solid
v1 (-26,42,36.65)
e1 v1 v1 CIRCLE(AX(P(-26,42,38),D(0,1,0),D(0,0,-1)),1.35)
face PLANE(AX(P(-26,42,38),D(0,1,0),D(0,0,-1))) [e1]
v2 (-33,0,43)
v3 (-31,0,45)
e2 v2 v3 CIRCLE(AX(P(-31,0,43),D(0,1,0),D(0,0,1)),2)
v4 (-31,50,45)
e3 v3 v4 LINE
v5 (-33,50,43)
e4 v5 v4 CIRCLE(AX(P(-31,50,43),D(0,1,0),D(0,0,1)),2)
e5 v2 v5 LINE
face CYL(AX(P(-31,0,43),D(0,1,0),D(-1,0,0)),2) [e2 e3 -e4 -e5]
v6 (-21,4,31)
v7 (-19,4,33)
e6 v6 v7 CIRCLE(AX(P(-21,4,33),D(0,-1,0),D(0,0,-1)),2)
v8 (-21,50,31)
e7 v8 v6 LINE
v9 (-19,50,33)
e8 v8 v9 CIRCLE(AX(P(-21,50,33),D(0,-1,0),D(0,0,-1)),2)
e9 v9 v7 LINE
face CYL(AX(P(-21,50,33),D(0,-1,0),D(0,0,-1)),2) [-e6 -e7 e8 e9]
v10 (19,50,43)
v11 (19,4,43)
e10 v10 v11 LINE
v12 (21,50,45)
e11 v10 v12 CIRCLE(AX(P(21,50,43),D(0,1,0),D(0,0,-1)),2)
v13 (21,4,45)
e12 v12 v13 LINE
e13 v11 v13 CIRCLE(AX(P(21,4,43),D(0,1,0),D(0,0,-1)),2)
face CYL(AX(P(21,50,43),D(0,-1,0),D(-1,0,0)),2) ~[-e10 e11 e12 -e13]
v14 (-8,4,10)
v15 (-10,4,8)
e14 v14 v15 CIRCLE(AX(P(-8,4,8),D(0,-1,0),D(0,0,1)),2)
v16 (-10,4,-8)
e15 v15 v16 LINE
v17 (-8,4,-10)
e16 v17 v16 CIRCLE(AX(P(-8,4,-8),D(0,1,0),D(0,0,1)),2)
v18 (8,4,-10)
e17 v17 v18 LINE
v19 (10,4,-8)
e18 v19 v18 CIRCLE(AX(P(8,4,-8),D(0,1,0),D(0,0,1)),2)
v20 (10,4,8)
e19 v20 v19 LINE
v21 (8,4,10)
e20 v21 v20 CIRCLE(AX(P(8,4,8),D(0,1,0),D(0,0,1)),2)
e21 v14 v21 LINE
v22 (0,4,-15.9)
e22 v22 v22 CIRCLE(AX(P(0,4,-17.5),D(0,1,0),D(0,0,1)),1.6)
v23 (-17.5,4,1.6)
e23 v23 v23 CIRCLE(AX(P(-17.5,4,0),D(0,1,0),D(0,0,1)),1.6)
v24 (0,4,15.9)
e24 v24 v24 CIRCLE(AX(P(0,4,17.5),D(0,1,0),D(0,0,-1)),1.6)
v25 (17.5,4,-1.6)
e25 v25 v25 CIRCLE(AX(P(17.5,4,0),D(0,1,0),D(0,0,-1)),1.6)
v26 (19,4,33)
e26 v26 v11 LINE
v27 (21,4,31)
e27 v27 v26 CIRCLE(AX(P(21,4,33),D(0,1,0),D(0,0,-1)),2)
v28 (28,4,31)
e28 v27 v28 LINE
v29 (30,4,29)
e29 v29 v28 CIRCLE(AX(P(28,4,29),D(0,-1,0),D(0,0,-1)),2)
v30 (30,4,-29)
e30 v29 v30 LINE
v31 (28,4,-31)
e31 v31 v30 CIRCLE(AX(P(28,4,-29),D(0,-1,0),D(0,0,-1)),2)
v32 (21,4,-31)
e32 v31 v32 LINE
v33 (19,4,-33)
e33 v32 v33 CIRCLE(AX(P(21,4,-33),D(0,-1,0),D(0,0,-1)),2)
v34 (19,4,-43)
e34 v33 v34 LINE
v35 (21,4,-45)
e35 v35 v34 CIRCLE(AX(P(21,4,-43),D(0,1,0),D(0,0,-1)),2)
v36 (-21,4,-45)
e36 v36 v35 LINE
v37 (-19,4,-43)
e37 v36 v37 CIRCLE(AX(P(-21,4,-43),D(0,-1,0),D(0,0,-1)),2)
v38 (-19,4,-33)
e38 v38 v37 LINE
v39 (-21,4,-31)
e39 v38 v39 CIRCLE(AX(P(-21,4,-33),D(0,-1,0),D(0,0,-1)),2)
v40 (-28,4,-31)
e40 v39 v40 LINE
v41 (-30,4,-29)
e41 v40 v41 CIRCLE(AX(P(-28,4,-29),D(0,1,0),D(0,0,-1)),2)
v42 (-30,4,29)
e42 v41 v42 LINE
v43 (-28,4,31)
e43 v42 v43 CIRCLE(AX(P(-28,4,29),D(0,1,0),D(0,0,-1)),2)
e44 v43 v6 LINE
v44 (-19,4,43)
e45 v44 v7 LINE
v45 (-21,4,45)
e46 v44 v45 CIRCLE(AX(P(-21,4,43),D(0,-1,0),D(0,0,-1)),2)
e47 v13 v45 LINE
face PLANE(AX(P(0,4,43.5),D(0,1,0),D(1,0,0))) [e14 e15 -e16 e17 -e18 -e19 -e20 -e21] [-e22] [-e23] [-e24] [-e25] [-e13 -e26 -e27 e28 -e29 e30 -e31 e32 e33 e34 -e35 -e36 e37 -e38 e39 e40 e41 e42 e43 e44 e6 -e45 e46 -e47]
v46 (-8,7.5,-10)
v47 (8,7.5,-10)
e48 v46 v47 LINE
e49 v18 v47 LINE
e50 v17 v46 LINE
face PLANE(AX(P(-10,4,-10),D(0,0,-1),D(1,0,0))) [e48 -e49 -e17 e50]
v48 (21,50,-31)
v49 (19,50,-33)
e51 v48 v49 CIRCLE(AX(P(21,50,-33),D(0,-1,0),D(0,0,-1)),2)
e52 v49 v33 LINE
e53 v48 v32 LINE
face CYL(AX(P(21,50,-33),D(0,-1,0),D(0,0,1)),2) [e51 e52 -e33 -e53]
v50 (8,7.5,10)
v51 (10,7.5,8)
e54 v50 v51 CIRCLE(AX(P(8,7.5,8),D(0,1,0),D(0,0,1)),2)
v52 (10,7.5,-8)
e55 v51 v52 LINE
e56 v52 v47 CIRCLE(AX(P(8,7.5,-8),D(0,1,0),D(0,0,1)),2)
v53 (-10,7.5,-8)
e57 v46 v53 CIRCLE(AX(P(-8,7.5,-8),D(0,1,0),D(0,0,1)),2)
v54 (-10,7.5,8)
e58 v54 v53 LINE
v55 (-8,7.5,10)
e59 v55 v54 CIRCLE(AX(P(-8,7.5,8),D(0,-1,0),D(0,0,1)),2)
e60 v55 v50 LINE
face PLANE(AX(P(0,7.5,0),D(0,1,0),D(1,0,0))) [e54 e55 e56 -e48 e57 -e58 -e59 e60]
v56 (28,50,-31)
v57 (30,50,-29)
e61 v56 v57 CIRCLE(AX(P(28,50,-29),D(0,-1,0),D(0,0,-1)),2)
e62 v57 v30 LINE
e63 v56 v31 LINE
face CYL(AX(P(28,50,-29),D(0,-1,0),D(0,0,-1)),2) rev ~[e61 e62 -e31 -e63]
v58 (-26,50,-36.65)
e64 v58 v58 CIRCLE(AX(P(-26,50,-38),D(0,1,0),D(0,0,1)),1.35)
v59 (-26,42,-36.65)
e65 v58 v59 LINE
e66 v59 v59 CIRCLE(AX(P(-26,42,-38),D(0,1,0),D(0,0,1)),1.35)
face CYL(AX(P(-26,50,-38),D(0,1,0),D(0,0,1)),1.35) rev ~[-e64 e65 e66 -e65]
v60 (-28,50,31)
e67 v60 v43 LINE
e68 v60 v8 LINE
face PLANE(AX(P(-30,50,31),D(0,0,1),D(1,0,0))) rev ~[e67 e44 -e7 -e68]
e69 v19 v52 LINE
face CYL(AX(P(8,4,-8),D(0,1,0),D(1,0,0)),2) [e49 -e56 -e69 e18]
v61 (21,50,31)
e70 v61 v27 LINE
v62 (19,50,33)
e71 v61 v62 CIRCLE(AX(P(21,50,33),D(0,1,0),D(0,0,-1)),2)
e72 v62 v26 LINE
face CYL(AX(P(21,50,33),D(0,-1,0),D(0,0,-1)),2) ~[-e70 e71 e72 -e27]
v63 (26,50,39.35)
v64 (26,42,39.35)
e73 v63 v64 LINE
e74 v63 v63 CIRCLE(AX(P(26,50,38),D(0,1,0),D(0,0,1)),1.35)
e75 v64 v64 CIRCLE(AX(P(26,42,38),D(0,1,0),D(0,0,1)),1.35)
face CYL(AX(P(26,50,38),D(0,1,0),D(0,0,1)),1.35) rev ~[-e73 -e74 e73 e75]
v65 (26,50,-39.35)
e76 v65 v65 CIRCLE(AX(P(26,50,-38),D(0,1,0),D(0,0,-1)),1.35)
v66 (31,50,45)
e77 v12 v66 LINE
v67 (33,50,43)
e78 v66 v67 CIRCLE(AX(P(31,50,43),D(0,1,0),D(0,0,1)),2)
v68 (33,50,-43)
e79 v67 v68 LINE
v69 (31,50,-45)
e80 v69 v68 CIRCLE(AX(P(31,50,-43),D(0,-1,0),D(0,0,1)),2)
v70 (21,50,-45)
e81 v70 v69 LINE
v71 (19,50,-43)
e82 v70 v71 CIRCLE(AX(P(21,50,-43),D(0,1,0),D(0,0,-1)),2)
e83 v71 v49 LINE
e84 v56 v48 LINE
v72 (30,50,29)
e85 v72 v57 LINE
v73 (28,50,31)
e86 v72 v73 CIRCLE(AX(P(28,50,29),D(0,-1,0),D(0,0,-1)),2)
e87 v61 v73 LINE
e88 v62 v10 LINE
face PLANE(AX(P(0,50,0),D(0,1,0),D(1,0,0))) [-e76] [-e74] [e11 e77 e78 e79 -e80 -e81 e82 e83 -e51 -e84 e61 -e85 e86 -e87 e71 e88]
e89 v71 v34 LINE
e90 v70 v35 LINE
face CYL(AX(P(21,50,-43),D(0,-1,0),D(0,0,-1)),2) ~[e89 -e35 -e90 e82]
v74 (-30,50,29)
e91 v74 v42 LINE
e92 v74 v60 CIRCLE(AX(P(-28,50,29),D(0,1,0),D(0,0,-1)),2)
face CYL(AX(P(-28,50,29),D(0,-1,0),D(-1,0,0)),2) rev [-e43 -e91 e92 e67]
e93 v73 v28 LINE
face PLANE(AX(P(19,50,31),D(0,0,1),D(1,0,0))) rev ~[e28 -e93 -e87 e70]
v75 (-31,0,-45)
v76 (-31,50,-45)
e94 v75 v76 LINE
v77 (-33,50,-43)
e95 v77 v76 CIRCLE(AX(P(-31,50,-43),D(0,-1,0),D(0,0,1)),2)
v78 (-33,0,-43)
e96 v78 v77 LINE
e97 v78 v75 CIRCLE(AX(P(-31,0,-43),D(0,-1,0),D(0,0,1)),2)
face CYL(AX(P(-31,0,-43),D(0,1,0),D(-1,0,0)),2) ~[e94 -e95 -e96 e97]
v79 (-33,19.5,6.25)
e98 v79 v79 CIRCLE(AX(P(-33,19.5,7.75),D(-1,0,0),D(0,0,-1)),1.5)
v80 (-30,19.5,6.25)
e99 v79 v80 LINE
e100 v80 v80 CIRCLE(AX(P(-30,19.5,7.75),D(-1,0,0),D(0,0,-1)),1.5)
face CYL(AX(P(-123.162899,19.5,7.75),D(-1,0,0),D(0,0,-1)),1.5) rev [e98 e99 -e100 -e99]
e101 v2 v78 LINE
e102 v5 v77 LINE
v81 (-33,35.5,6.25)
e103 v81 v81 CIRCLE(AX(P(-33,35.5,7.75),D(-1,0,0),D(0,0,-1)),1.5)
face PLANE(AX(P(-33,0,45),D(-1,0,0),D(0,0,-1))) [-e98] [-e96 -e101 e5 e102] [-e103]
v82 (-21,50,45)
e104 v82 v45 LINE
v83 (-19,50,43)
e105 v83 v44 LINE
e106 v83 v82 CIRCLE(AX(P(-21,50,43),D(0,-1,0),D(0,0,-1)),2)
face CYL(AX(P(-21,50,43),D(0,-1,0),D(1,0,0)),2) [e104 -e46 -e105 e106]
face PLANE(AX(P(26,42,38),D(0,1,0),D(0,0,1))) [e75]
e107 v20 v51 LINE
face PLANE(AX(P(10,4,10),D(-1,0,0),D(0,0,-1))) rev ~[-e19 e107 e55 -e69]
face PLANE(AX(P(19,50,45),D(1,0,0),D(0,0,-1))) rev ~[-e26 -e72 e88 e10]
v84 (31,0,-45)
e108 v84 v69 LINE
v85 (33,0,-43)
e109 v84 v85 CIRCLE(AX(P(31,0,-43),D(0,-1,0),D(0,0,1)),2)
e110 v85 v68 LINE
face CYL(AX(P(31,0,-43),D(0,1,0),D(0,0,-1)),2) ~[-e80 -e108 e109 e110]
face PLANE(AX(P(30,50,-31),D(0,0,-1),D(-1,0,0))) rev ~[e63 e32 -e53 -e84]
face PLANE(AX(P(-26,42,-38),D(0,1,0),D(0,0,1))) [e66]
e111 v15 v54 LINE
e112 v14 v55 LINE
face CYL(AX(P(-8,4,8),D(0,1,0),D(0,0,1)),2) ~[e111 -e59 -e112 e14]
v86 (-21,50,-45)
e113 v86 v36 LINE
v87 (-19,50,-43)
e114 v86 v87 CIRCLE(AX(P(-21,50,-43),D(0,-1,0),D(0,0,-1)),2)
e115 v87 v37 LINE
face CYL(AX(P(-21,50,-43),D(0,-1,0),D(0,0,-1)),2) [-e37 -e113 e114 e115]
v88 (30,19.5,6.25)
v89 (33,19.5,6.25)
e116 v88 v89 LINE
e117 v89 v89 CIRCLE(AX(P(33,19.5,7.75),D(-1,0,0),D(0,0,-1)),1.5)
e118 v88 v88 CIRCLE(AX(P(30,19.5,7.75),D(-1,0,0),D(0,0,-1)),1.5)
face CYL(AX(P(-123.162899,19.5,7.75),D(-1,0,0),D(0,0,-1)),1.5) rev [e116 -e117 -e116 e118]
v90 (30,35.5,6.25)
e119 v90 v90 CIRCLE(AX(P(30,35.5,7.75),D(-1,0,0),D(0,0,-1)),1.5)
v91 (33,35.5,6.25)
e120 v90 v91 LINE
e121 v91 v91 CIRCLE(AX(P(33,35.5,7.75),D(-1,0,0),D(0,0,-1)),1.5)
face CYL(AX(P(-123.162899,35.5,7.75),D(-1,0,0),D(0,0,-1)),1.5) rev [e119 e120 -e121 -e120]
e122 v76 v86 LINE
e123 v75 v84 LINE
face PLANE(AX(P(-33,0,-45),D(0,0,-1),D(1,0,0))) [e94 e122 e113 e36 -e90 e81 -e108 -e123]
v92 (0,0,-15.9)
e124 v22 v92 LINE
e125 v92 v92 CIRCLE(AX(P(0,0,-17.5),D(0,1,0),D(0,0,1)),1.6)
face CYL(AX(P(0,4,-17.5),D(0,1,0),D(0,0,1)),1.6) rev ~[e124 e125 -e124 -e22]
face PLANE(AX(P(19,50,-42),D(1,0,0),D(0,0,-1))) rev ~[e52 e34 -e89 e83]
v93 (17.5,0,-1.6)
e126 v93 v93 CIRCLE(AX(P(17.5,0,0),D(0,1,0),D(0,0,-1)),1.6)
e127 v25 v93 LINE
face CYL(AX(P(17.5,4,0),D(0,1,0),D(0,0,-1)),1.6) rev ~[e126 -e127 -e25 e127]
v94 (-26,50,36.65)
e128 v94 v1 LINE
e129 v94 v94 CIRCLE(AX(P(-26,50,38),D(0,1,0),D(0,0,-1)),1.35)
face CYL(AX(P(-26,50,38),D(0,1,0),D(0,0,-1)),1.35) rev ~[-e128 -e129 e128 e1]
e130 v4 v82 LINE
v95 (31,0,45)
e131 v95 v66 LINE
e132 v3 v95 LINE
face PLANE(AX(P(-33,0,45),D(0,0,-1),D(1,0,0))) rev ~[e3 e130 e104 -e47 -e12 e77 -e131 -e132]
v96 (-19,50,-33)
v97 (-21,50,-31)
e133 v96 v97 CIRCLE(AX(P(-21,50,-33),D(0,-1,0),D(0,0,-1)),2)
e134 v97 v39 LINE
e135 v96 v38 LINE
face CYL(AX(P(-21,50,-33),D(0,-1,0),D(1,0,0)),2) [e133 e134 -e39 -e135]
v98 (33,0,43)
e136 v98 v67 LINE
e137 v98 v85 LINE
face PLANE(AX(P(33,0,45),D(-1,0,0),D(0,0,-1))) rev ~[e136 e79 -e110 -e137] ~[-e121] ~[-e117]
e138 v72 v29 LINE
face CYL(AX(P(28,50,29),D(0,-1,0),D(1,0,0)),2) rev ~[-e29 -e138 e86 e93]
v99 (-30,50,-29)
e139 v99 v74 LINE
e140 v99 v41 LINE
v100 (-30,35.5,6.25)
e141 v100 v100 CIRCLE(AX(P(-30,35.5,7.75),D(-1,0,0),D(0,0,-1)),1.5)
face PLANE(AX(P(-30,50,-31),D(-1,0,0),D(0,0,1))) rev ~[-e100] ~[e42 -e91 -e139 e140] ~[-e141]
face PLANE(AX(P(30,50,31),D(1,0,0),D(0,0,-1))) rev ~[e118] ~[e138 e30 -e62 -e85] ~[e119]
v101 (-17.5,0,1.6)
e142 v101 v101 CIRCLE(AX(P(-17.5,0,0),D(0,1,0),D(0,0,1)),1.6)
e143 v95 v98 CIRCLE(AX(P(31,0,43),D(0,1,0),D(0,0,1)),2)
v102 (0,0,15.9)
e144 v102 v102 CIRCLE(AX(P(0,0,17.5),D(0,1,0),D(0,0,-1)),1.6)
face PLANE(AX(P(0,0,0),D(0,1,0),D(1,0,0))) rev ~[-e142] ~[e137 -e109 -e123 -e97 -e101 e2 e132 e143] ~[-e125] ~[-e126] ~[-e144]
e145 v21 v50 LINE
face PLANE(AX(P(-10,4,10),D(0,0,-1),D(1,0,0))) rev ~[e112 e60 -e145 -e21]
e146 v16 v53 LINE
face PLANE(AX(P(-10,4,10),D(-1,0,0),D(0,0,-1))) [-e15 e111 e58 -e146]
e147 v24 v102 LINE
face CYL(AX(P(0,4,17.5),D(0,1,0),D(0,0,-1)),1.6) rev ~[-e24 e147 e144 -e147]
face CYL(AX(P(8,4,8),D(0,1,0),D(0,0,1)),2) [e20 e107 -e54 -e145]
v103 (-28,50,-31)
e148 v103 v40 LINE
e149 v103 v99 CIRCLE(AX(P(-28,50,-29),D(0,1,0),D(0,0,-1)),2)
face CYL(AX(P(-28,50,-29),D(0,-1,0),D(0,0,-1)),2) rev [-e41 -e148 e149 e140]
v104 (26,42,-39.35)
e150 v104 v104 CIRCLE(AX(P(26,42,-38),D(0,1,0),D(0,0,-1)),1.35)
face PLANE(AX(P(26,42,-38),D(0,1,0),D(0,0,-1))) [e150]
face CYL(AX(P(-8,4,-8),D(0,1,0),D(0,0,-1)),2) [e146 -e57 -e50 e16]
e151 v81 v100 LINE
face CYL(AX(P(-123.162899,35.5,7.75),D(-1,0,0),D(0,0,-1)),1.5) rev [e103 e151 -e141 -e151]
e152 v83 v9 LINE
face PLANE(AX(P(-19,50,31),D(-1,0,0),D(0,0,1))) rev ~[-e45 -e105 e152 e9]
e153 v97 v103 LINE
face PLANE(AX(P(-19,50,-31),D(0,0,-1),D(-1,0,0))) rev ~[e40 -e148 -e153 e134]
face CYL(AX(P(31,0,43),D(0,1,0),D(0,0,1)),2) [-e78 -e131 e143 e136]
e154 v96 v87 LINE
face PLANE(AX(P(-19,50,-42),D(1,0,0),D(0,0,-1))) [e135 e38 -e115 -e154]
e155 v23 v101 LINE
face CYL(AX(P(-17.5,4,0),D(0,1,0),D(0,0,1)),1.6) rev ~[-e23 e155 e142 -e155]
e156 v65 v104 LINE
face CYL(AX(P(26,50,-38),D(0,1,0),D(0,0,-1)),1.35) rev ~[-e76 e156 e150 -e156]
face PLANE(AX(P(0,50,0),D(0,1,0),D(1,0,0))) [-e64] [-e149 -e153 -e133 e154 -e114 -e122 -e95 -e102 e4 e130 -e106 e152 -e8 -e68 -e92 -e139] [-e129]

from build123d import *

# Parameters (mm, degrees)
SKETCH1_W               = 66
SKETCH1_H               = 90
BOSS_EXTRUDE1_DEPTH     = 50
SKETCH2_R               = 1.35
CUT_EXTRUDE1_DEPTH      = 8
CUT_EXTRUDE2_DEPTH      = 46
FILLET1_R               = 2
SKETCH4_W               = 38
SKETCH4_H               = 3
CUT_EXTRUDE3_DEPTH      = 46
FILLET4_R               = 2
SKETCH5_R               = 1.6
CUT_EXTRUDE4_DEPTH      = 73.318738927
SKETCH6_W               = 20
SKETCH6_H               = 20
BOSS_EXTRUDE2_DEPTH     = 3.5
FILLET5_R               = 2
CUT_EXTRUDE5_DEPTH      = 93.16289926
CUT_EXTRUDE5_DEPTH_BACK = 93.16289926
SKETCH7_R               = 1.5


with BuildPart() as part:
    # Sketch1 → Boss-Extrude1 (new body)
    with BuildSketch(Plane(origin=(0, 0, 0), x_dir=(1, 0, 0), z_dir=(0, 1, 0))):
        Rectangle(SKETCH1_W, SKETCH1_H)
    extrude(amount=BOSS_EXTRUDE1_DEPTH)

    # Sketch2 → Cut-Extrude1 (cut)
    with BuildSketch(Plane(origin=(0, 50, 0), x_dir=(1, 0, 0), z_dir=(0, 1, 0))):
        with Locations(Location((-26, 38, 0), (0, 0, 270))):
            Circle(SKETCH2_R)
        with Locations(Location((26, 38, 0), (0, 0, 90))):
            Circle(SKETCH2_R)
        with Locations(Location((26, -38, 0), (0, 0, 270))):
            Circle(SKETCH2_R)
        with Locations(Location((-26, -38, 0), (0, 0, 90))):
            Circle(SKETCH2_R)
    extrude(amount=-CUT_EXTRUDE1_DEPTH, mode=Mode.SUBTRACT)

    # Sketch3 → Cut-Extrude2 (cut)
    with BuildSketch(Plane(origin=(0, 50, 0), x_dir=(1, 0, 0), z_dir=(0, 1, 0))):
        Polygon((-19, -42), (19, -42), (19, -31), (30, -31), (30, 31), (19, 31), (19, 42), (-19, 42), (-19, 31), (-30, 31), (-30, -31), (-19, -31), align=None)
    extrude(amount=-CUT_EXTRUDE2_DEPTH, mode=Mode.SUBTRACT)

    # Fillet1
    fillet1_edges = [part.edges().sort_by_distance(p)[0] for p in [
        (-33, 25, -45),
        (33, 25, -45),
        (33, 25, 45),
        (-33, 25, 45),
    ]]
    fillet(fillet1_edges, radius=FILLET1_R)

    # Sketch4 → Cut-Extrude3 (cut)
    with BuildSketch(Plane(origin=(0, 50, 0), x_dir=(1, 0, 0), z_dir=(0, 1, 0))):
        with Locations((0, 43.5)):
            Rectangle(SKETCH4_W, SKETCH4_H)
        with Locations((0, -43.5)):
            Rectangle(SKETCH4_W, SKETCH4_H)
    extrude(amount=-CUT_EXTRUDE3_DEPTH, mode=Mode.SUBTRACT)

    # Fillet4
    fillet4_edges = [part.edges().sort_by_distance(p)[0] for p in [
        (-19, 27, 31),
        (-30, 27, 31),
        (-30, 27, -31),
        (-19, 27, -31),
        (19, 27, -31),
        (30, 27, -31),
        (30, 27, 31),
        (19, 27, 31),
        (-19, 27, -45),
        (19, 27, -45),
        (-19, 27, 45),
        (19, 27, 45),
    ]]
    fillet(fillet4_edges, radius=FILLET4_R)

    # Sketch5 → Cut-Extrude4 (cut, through all)
    with BuildSketch(Plane(origin=(0, 4, 0), x_dir=(1, 0, 0), z_dir=(0, 1, 0))):
        with Locations(Location((-17.5, 0, 0), (0, 0, 270))):
            Circle(SKETCH5_R)
        with Locations(Location((0, 17.5, 0), (0, 0, 270))):
            Circle(SKETCH5_R)
        with Locations(Location((0, -17.5, 0), (0, 0, 90))):
            Circle(SKETCH5_R)
        with Locations(Location((17.5, 0, 0), (0, 0, 90))):
            Circle(SKETCH5_R)
    extrude(amount=-CUT_EXTRUDE4_DEPTH, mode=Mode.SUBTRACT)

    # Sketch6 → Boss-Extrude2 (add)
    with BuildSketch(Plane(origin=(0, 4, 0), x_dir=(1, 0, 0), z_dir=(0, 1, 0))):
        Rectangle(SKETCH6_W, SKETCH6_H)
    extrude(amount=BOSS_EXTRUDE2_DEPTH)

    # Fillet5
    fillet5_edges = [part.edges().sort_by_distance(p)[0] for p in [
        (-10, 5.75, -10),
        (-10, 5.75, 10),
        (10, 5.75, 10),
        (10, 5.75, -10),
    ]]
    fillet(fillet5_edges, radius=FILLET5_R)

    # Sketch7 → Cut-Extrude5 (cut, two sides: drawn at the far end of the back side and taken through both)
    with BuildSketch(Plane(origin=(-30, 0, 0), x_dir=(0, 0, -1), z_dir=(1, 0, 0)).offset(-CUT_EXTRUDE5_DEPTH_BACK)):
        with Locations((-7.75, 19.5)):
            Circle(SKETCH7_R)
        with Locations((-7.75, 35.5)):
            Circle(SKETCH7_R)
    extrude(amount=CUT_EXTRUDE5_DEPTH + CUT_EXTRUDE5_DEPTH_BACK, mode=Mode.SUBTRACT)


solid = part.part
